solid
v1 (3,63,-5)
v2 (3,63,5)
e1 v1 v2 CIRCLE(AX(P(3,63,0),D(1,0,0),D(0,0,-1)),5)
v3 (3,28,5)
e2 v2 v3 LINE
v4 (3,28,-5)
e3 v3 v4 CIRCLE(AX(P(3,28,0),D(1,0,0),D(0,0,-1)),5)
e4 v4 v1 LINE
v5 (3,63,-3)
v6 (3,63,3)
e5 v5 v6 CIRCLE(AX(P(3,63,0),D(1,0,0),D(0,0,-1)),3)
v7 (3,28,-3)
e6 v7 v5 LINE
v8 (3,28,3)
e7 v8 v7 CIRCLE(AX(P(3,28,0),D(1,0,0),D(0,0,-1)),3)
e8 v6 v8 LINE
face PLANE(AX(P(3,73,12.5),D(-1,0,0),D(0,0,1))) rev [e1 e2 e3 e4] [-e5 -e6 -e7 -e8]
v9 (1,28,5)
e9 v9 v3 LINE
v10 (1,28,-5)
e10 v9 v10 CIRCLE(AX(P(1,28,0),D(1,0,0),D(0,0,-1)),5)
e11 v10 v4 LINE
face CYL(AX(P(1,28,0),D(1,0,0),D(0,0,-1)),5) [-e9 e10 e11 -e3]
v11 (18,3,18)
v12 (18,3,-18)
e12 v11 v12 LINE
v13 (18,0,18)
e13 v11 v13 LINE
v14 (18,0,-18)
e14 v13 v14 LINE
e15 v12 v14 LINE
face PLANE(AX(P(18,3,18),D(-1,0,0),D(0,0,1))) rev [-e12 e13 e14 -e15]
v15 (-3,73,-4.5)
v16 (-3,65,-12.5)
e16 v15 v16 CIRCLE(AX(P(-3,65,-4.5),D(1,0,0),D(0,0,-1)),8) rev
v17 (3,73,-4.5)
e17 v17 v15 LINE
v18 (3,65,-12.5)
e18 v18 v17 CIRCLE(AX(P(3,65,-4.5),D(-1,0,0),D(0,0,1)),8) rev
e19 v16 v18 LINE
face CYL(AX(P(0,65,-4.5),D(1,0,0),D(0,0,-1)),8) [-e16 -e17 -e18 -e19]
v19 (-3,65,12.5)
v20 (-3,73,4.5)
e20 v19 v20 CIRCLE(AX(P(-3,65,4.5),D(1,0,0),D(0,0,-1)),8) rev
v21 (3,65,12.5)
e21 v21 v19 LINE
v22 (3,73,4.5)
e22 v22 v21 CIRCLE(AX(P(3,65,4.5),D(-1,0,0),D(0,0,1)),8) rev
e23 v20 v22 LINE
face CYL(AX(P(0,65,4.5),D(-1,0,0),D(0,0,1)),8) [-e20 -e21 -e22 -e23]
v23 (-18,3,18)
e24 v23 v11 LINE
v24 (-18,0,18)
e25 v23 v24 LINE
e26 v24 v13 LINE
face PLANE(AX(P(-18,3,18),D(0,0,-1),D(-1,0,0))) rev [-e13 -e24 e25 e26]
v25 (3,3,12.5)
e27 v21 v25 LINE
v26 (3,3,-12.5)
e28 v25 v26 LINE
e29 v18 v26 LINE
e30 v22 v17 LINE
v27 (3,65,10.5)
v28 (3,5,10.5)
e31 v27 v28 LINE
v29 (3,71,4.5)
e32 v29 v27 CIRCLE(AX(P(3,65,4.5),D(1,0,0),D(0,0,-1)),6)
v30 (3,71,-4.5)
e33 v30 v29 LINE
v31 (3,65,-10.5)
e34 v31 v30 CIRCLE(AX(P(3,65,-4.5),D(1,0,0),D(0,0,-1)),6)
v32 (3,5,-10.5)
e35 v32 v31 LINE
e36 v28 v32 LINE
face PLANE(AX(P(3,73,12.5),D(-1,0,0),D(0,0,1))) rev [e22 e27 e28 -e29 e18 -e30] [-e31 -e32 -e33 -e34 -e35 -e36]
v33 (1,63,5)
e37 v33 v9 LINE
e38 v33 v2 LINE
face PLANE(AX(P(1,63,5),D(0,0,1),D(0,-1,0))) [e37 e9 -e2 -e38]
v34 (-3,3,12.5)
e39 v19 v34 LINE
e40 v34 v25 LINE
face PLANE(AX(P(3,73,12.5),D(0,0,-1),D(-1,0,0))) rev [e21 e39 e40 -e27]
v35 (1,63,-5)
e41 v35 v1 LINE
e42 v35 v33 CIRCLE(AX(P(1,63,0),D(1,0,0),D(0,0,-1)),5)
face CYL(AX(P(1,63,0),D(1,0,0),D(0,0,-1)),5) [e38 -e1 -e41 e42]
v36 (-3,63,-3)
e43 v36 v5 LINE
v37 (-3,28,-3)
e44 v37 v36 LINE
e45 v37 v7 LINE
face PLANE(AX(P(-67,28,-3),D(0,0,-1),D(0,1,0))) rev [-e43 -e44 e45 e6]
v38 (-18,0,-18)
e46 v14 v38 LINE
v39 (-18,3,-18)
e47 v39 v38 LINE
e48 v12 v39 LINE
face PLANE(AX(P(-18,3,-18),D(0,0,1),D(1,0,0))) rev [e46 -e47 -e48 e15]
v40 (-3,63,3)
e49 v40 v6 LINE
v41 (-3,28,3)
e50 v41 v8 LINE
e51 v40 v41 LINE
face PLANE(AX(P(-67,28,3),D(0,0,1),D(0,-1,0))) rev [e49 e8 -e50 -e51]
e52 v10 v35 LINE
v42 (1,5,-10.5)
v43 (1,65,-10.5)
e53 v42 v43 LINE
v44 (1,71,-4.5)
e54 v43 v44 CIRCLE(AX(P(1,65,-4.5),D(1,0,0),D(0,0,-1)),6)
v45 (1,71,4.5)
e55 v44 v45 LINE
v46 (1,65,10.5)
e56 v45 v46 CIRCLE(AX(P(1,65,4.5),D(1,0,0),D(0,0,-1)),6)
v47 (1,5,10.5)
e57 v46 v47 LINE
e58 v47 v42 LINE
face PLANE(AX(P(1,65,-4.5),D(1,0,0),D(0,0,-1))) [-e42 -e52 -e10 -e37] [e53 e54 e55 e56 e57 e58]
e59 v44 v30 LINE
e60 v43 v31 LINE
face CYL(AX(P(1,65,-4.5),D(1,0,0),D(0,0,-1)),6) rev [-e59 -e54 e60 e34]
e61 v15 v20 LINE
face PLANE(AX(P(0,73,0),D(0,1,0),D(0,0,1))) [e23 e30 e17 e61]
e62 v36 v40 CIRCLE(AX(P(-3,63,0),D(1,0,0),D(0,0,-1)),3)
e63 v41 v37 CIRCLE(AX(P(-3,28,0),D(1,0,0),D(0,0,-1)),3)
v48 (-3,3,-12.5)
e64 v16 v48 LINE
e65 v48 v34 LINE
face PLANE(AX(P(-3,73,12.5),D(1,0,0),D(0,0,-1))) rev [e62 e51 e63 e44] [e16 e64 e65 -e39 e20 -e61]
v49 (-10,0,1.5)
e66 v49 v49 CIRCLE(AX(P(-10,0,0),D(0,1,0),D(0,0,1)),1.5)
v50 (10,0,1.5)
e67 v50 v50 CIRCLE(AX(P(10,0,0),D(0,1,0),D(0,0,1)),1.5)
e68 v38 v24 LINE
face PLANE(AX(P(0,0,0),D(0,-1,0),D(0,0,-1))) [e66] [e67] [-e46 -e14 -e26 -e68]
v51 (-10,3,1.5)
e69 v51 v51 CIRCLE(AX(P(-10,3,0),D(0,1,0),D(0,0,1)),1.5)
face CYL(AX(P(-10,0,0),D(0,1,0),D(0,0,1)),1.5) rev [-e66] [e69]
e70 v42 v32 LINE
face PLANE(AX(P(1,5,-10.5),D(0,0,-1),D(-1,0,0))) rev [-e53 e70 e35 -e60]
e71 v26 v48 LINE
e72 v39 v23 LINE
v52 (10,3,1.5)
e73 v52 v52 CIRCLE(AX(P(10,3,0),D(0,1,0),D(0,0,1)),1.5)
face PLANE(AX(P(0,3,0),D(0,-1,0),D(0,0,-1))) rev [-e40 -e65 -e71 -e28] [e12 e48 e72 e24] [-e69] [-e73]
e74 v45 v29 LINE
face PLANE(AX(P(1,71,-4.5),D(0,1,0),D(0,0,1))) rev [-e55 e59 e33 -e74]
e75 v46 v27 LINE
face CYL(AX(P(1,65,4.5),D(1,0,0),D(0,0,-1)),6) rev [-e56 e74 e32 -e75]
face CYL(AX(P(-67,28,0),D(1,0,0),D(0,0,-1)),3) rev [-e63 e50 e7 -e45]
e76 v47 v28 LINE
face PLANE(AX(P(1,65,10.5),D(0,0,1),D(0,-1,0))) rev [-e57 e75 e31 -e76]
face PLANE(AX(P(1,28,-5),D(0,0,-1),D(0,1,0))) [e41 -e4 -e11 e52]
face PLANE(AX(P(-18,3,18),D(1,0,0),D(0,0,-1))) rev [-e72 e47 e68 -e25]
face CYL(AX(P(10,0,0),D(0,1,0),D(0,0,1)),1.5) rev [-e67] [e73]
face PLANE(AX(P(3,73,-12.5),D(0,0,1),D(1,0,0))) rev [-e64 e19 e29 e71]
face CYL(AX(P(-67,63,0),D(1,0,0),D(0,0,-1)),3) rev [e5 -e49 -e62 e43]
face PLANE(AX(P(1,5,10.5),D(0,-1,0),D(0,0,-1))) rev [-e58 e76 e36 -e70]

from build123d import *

# Parameters (mm, degrees)
SKETCH1_W           = 36
SKETCH1_H           = 36
BOSS_EXTRUDE1_DEPTH = 3
SKETCH2_R           = 1.5
CUT_EXTRUDE1_DEPTH  = 3
SKETCH3_W           = 6
SKETCH3_H           = 25
BOSS_EXTRUDE2_DEPTH = 70
CUT_EXTRUDE2_DEPTH  = 70
FILLET1_R           = 8
FILLET2_R           = 8
CUT_EXTRUDE3_DEPTH  = 2


with BuildPart() as part:
    # Sketch1 → Boss-Extrude1 (new body)
    with BuildSketch(Plane(origin=(0, 0, 0), x_dir=(1, 0, 0), z_dir=(0, 1, 0))):
        Rectangle(SKETCH1_W, SKETCH1_H)
    extrude(amount=BOSS_EXTRUDE1_DEPTH)

    # Sketch2 → Cut-Extrude1 (cut)
    with BuildSketch(Plane(origin=(0, 3, 0), x_dir=(1, 0, 0), z_dir=(0, 1, 0))):
        with Locations(Location((10, 0, 0), (0, 0, 270))):
            Circle(SKETCH2_R)
        with Locations(Location((-10, 0, 0), (0, 0, 270))):
            Circle(SKETCH2_R)
    extrude(amount=-CUT_EXTRUDE1_DEPTH, mode=Mode.SUBTRACT)

    # Sketch3 → Boss-Extrude2 (add)
    with BuildSketch(Plane(origin=(0, 3, 0), x_dir=(1, 0, 0), z_dir=(0, 1, 0))):
        Rectangle(SKETCH3_W, SKETCH3_H)
    extrude(amount=BOSS_EXTRUDE2_DEPTH)

    # Sketch4 → Cut-Extrude2 (cut)
    with BuildSketch(Plane(origin=(3, 0, 0), x_dir=(0, 0, -1), z_dir=(1, 0, 0))):
        with BuildLine():
            Line((-3, 28), (-3, 63))
            ThreePointArc((-3, 63), (0, 66), (3, 63))
            Line((3, 63), (3, 28))
            ThreePointArc((3, 28), (0, 25), (-3, 28))
        make_face()
    extrude(amount=-CUT_EXTRUDE2_DEPTH, mode=Mode.SUBTRACT)

    # Fillet1
    fillet1_edges = [part.edges().sort_by_distance(p)[0] for p in [
        (0, 73, -12.5),
    ]]
    fillet(fillet1_edges, radius=FILLET1_R)

    # Fillet2
    fillet2_edges = [part.edges().sort_by_distance(p)[0] for p in [
        (0, 73, 12.5),
    ]]
    fillet(fillet2_edges, radius=FILLET2_R)

    # Sketch5 → Cut-Extrude3 (cut)
    with BuildSketch(Plane(origin=(3, 0, 0), x_dir=(0, 0, -1), z_dir=(1, 0, 0))):
        with BuildLine():
            Line((4.5, 71), (-4.5, 71))
            ThreePointArc((-4.5, 71), (-8.742640687, 69.242640687), (-10.5, 65))
            Line((-10.5, 65), (-10.5, 5))
            Line((-10.5, 5), (10.5, 5))
            Line((10.5, 5), (10.5, 65))
            ThreePointArc((10.5, 65), (8.742640687, 69.242640687), (4.5, 71))
        make_face()
        with BuildLine():
            Line((5, 28), (5, 63))
            ThreePointArc((5, 63), (0, 68), (-5, 63))
            Line((-5, 63), (-5, 28))
            ThreePointArc((-5, 28), (0, 23), (5, 28))
        make_face(mode=Mode.SUBTRACT)
    extrude(amount=-CUT_EXTRUDE3_DEPTH, mode=Mode.SUBTRACT)


solid = part.part
